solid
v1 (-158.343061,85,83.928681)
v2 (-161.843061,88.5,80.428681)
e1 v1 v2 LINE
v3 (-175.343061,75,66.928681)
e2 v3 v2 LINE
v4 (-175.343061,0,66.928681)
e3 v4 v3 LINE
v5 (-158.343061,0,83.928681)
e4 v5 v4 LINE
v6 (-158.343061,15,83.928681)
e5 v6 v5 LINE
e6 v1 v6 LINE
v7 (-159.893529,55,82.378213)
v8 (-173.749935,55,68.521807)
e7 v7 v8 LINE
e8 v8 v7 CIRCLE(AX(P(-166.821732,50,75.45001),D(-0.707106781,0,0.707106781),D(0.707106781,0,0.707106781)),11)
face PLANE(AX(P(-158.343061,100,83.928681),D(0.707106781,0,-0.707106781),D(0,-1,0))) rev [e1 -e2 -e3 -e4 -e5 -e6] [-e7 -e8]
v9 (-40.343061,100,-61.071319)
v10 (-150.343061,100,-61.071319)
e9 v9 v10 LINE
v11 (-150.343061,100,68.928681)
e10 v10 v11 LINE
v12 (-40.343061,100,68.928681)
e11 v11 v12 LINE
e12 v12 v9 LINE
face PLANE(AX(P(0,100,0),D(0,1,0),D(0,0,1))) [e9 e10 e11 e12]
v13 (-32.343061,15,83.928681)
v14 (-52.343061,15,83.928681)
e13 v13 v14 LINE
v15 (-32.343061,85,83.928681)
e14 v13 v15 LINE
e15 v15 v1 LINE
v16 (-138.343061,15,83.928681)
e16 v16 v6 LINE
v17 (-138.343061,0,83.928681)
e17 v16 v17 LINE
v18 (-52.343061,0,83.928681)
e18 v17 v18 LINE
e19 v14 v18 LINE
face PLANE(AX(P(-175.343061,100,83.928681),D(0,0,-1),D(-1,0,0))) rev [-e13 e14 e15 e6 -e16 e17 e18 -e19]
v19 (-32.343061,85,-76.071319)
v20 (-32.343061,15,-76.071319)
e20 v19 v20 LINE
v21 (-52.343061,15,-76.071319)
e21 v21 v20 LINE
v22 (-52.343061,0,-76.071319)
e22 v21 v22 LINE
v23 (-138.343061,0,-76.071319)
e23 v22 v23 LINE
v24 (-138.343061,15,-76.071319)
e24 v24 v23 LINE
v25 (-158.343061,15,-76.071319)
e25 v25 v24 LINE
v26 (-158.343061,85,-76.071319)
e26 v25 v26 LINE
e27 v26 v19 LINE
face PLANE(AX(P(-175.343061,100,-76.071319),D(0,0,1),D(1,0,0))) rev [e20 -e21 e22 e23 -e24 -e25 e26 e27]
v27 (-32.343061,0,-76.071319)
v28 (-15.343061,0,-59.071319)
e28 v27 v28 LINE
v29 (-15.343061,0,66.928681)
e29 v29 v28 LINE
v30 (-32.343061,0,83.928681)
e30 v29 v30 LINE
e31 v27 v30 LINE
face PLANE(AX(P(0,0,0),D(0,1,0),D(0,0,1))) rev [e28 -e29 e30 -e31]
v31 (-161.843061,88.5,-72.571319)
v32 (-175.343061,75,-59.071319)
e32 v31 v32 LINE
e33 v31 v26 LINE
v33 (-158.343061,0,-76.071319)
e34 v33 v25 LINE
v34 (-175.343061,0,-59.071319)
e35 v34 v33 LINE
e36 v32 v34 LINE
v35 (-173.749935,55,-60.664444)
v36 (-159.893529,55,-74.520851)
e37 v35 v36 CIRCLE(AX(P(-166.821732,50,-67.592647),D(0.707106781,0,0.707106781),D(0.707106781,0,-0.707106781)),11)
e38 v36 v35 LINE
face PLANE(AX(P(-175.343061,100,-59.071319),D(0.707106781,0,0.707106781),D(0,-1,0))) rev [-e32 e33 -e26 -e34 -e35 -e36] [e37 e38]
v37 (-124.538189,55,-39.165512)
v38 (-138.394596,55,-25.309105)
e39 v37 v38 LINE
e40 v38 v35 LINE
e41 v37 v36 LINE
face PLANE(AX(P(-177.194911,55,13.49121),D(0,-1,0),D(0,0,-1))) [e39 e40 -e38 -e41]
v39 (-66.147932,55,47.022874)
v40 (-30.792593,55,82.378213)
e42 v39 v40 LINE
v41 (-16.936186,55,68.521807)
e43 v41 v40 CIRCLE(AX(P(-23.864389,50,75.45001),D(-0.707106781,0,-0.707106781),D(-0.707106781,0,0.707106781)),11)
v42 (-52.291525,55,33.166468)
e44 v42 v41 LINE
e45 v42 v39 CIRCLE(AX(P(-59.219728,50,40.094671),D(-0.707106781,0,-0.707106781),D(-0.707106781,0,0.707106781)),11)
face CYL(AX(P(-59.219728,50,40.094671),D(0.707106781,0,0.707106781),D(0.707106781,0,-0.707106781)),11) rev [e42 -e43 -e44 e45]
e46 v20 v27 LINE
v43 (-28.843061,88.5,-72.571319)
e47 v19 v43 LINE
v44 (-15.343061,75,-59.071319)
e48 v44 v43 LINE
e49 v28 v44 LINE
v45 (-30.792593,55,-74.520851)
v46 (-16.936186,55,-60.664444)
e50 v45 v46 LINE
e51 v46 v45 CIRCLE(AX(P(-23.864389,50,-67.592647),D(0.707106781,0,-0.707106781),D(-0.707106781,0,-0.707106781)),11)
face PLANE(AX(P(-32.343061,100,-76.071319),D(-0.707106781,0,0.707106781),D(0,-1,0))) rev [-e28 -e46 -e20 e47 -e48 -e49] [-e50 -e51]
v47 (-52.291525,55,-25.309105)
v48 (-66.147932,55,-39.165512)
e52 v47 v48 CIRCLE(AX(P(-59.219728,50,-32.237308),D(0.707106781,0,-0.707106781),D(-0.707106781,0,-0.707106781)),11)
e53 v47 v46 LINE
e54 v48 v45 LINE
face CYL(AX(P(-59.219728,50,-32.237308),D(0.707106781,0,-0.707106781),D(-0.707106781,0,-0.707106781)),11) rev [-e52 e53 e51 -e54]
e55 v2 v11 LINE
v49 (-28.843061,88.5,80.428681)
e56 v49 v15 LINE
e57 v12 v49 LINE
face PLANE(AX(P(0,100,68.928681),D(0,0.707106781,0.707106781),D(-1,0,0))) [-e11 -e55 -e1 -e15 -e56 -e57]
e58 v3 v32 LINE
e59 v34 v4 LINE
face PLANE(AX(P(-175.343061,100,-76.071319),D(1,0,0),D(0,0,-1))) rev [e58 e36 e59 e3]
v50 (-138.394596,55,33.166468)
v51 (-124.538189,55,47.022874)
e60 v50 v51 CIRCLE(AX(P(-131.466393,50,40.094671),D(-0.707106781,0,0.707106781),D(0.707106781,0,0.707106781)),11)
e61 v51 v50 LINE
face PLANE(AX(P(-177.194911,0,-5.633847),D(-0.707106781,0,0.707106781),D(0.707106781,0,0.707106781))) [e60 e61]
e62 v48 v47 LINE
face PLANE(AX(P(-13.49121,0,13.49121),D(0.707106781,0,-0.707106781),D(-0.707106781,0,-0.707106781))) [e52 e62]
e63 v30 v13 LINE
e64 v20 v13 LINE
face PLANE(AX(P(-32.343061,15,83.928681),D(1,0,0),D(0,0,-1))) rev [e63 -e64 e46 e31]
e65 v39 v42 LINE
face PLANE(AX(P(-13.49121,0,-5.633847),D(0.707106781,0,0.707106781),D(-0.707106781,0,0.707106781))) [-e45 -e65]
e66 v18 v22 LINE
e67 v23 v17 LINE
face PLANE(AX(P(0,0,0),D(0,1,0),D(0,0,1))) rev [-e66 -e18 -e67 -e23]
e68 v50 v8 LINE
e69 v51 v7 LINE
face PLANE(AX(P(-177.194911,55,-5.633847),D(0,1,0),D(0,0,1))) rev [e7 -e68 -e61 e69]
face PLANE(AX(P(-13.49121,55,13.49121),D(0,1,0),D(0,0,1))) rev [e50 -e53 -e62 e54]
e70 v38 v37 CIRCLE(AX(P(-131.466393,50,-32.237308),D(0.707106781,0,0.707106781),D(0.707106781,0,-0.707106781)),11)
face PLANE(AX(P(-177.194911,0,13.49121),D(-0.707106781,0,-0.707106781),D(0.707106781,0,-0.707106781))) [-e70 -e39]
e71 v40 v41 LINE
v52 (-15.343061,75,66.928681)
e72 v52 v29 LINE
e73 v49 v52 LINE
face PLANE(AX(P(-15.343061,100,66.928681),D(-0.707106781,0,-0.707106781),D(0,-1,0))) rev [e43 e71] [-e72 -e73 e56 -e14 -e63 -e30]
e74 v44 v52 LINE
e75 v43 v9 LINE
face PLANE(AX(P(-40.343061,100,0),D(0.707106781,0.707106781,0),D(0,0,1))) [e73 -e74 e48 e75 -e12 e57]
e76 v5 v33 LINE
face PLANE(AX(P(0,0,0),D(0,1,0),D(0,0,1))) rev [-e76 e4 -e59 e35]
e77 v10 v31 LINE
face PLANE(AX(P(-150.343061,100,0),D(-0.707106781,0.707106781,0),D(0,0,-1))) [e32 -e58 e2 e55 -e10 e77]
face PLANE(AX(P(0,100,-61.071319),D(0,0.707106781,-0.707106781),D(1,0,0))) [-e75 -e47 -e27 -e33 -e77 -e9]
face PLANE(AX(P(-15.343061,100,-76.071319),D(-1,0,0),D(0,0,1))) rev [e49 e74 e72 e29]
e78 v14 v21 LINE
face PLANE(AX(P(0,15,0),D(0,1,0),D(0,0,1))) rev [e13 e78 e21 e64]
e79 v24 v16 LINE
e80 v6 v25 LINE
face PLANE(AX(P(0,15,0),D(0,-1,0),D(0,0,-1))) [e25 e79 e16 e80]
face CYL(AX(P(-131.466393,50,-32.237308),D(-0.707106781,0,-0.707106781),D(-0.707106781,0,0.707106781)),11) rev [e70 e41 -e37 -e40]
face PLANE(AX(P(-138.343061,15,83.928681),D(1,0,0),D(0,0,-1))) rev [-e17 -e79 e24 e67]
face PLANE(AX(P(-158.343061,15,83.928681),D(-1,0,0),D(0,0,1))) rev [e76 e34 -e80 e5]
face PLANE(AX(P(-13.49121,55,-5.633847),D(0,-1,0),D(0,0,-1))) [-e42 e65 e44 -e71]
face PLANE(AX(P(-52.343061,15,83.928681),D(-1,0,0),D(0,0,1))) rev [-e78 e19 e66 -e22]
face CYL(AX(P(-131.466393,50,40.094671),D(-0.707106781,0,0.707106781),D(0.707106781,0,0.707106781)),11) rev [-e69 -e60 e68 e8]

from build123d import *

# Parameters (mm, degrees)
SKETCH1_W                                = 160
SKETCH1_H                                = 160
BOSS_EXTRUDE1_DEPTH                      = 100
CHAMFER1_SIZE                            = 25
CHAMFER2_SIZE                            = 17
CHAMFER3_SIZE                            = 15
CUT_EXTRUDE1_DEPTH                       = 50
SKETCH3_W                                = 20
SKETCH3_H                                = 160
CUT_EXTRUDE2_DEPTH                       = 15
MIRROR1_AT_THE_SECOND_PLANE_COPY_1_DEPTH = 50


with BuildPart() as part:
    # Sketch1 → Boss-Extrude1 (new body)
    with BuildSketch(Plane(origin=(0, 0, 0), x_dir=(1, 0, 0), z_dir=(0, 1, 0))):
        with Locations((-95.343060511, -3.92868134)):
            Rectangle(SKETCH1_W, SKETCH1_H)
    extrude(amount=BOSS_EXTRUDE1_DEPTH)

    # Chamfer1
    chamfer1_edges = [part.edges().sort_by_distance(p)[0] for p in [
        (-15.343060511, 100, 3.92868134),
        (-175.343060511, 100, 3.92868134),
    ]]
    chamfer(chamfer1_edges, length=CHAMFER1_SIZE)

    # Chamfer2
    chamfer2_edges = [part.edges().sort_by_distance(p)[0] for p in [
        (-15.343060511, 37.5, 83.92868134),
        (-175.343060511, 37.5, 83.92868134),
        (-175.343060511, 37.5, -76.07131866),
        (-15.343060511, 37.5, -76.07131866),
    ]]
    chamfer(chamfer2_edges, length=CHAMFER2_SIZE)

    # Chamfer3
    chamfer3_edges = [part.edges().sort_by_distance(p)[0] for p in [
        (-95.343060511, 100, 83.92868134),
        (-95.343060511, 100, -76.07131866),
    ]]
    chamfer(chamfer3_edges, length=CHAMFER3_SIZE)

    # Sketch2 → Cut-Extrude1 (cut)
    with BuildSketch(Plane(origin=(21.864129074, 0, -21.864129074), x_dir=(-0.7071067811865471, 0, -0.7071067811865479), z_dir=(0.7071067811865479, 0, -0.7071067811865471))):
        with BuildLine():
            ThreePointArc((75.669890857, 50), (75.36515964, 52.571230378), (74.467849828, 55))
            Line((74.467849828, 55), (64.669890857, 55))
            Line((64.669890857, 55), (54.871931886, 55))
            ThreePointArc((54.871931886, 55), (62.098660479, 39.304731217), (75.669890857, 50))
        make_face()
    cut_extrude1 = extrude(amount=-CUT_EXTRUDE1_DEPTH, mode=Mode.SUBTRACT)

    # Sketch3 → Cut-Extrude2 (cut)
    with BuildSketch(Plane.XZ):
        with Locations((-148.343060511, 3.92868134)):
            Rectangle(SKETCH3_W, SKETCH3_H)
        with Locations((-42.343060511, 3.92868134)):
            Rectangle(SKETCH3_W, SKETCH3_H)
    extrude(amount=-CUT_EXTRUDE2_DEPTH, mode=Mode.SUBTRACT)

    # Mirror1: Cut-Extrude1 across plane
    add(cut_extrude1.mirror(Plane(origin=(0, 0, 3.92868134), x_dir=(1, 0, 0), z_dir=(0, 0, -1))), mode=Mode.SUBTRACT)

    # Mirror1 at the second plane: Cut-Extrude1 across plane
    add(cut_extrude1.mirror(Plane.ZY.offset(95.343060511)), mode=Mode.SUBTRACT)

    # Mirror1 at the second plane copy 1 sketc → Mirror1 at the second plane copy 1 (cut)
    with BuildSketch(Plane(origin=(-212.550250097, 0, 29.721491754), x_dir=(0.7071067811865474, 0, 0.7071067811865477), z_dir=(-0.7071067811865477, 0, 0.7071067811865474))):
        with BuildLine():
            ThreePointArc((75.669890857, 50), (75.36515964, 52.571230378), (74.467849828, 55))
            Line((74.467849828, 55), (64.669890857, 55))
            Line((64.669890857, 55), (54.871931886, 55))
            ThreePointArc((54.871931886, 55), (62.098660479, 39.304731217), (75.669890857, 50))
        make_face()
    extrude(amount=-MIRROR1_AT_THE_SECOND_PLANE_COPY_1_DEPTH, mode=Mode.SUBTRACT)


solid = part.part
